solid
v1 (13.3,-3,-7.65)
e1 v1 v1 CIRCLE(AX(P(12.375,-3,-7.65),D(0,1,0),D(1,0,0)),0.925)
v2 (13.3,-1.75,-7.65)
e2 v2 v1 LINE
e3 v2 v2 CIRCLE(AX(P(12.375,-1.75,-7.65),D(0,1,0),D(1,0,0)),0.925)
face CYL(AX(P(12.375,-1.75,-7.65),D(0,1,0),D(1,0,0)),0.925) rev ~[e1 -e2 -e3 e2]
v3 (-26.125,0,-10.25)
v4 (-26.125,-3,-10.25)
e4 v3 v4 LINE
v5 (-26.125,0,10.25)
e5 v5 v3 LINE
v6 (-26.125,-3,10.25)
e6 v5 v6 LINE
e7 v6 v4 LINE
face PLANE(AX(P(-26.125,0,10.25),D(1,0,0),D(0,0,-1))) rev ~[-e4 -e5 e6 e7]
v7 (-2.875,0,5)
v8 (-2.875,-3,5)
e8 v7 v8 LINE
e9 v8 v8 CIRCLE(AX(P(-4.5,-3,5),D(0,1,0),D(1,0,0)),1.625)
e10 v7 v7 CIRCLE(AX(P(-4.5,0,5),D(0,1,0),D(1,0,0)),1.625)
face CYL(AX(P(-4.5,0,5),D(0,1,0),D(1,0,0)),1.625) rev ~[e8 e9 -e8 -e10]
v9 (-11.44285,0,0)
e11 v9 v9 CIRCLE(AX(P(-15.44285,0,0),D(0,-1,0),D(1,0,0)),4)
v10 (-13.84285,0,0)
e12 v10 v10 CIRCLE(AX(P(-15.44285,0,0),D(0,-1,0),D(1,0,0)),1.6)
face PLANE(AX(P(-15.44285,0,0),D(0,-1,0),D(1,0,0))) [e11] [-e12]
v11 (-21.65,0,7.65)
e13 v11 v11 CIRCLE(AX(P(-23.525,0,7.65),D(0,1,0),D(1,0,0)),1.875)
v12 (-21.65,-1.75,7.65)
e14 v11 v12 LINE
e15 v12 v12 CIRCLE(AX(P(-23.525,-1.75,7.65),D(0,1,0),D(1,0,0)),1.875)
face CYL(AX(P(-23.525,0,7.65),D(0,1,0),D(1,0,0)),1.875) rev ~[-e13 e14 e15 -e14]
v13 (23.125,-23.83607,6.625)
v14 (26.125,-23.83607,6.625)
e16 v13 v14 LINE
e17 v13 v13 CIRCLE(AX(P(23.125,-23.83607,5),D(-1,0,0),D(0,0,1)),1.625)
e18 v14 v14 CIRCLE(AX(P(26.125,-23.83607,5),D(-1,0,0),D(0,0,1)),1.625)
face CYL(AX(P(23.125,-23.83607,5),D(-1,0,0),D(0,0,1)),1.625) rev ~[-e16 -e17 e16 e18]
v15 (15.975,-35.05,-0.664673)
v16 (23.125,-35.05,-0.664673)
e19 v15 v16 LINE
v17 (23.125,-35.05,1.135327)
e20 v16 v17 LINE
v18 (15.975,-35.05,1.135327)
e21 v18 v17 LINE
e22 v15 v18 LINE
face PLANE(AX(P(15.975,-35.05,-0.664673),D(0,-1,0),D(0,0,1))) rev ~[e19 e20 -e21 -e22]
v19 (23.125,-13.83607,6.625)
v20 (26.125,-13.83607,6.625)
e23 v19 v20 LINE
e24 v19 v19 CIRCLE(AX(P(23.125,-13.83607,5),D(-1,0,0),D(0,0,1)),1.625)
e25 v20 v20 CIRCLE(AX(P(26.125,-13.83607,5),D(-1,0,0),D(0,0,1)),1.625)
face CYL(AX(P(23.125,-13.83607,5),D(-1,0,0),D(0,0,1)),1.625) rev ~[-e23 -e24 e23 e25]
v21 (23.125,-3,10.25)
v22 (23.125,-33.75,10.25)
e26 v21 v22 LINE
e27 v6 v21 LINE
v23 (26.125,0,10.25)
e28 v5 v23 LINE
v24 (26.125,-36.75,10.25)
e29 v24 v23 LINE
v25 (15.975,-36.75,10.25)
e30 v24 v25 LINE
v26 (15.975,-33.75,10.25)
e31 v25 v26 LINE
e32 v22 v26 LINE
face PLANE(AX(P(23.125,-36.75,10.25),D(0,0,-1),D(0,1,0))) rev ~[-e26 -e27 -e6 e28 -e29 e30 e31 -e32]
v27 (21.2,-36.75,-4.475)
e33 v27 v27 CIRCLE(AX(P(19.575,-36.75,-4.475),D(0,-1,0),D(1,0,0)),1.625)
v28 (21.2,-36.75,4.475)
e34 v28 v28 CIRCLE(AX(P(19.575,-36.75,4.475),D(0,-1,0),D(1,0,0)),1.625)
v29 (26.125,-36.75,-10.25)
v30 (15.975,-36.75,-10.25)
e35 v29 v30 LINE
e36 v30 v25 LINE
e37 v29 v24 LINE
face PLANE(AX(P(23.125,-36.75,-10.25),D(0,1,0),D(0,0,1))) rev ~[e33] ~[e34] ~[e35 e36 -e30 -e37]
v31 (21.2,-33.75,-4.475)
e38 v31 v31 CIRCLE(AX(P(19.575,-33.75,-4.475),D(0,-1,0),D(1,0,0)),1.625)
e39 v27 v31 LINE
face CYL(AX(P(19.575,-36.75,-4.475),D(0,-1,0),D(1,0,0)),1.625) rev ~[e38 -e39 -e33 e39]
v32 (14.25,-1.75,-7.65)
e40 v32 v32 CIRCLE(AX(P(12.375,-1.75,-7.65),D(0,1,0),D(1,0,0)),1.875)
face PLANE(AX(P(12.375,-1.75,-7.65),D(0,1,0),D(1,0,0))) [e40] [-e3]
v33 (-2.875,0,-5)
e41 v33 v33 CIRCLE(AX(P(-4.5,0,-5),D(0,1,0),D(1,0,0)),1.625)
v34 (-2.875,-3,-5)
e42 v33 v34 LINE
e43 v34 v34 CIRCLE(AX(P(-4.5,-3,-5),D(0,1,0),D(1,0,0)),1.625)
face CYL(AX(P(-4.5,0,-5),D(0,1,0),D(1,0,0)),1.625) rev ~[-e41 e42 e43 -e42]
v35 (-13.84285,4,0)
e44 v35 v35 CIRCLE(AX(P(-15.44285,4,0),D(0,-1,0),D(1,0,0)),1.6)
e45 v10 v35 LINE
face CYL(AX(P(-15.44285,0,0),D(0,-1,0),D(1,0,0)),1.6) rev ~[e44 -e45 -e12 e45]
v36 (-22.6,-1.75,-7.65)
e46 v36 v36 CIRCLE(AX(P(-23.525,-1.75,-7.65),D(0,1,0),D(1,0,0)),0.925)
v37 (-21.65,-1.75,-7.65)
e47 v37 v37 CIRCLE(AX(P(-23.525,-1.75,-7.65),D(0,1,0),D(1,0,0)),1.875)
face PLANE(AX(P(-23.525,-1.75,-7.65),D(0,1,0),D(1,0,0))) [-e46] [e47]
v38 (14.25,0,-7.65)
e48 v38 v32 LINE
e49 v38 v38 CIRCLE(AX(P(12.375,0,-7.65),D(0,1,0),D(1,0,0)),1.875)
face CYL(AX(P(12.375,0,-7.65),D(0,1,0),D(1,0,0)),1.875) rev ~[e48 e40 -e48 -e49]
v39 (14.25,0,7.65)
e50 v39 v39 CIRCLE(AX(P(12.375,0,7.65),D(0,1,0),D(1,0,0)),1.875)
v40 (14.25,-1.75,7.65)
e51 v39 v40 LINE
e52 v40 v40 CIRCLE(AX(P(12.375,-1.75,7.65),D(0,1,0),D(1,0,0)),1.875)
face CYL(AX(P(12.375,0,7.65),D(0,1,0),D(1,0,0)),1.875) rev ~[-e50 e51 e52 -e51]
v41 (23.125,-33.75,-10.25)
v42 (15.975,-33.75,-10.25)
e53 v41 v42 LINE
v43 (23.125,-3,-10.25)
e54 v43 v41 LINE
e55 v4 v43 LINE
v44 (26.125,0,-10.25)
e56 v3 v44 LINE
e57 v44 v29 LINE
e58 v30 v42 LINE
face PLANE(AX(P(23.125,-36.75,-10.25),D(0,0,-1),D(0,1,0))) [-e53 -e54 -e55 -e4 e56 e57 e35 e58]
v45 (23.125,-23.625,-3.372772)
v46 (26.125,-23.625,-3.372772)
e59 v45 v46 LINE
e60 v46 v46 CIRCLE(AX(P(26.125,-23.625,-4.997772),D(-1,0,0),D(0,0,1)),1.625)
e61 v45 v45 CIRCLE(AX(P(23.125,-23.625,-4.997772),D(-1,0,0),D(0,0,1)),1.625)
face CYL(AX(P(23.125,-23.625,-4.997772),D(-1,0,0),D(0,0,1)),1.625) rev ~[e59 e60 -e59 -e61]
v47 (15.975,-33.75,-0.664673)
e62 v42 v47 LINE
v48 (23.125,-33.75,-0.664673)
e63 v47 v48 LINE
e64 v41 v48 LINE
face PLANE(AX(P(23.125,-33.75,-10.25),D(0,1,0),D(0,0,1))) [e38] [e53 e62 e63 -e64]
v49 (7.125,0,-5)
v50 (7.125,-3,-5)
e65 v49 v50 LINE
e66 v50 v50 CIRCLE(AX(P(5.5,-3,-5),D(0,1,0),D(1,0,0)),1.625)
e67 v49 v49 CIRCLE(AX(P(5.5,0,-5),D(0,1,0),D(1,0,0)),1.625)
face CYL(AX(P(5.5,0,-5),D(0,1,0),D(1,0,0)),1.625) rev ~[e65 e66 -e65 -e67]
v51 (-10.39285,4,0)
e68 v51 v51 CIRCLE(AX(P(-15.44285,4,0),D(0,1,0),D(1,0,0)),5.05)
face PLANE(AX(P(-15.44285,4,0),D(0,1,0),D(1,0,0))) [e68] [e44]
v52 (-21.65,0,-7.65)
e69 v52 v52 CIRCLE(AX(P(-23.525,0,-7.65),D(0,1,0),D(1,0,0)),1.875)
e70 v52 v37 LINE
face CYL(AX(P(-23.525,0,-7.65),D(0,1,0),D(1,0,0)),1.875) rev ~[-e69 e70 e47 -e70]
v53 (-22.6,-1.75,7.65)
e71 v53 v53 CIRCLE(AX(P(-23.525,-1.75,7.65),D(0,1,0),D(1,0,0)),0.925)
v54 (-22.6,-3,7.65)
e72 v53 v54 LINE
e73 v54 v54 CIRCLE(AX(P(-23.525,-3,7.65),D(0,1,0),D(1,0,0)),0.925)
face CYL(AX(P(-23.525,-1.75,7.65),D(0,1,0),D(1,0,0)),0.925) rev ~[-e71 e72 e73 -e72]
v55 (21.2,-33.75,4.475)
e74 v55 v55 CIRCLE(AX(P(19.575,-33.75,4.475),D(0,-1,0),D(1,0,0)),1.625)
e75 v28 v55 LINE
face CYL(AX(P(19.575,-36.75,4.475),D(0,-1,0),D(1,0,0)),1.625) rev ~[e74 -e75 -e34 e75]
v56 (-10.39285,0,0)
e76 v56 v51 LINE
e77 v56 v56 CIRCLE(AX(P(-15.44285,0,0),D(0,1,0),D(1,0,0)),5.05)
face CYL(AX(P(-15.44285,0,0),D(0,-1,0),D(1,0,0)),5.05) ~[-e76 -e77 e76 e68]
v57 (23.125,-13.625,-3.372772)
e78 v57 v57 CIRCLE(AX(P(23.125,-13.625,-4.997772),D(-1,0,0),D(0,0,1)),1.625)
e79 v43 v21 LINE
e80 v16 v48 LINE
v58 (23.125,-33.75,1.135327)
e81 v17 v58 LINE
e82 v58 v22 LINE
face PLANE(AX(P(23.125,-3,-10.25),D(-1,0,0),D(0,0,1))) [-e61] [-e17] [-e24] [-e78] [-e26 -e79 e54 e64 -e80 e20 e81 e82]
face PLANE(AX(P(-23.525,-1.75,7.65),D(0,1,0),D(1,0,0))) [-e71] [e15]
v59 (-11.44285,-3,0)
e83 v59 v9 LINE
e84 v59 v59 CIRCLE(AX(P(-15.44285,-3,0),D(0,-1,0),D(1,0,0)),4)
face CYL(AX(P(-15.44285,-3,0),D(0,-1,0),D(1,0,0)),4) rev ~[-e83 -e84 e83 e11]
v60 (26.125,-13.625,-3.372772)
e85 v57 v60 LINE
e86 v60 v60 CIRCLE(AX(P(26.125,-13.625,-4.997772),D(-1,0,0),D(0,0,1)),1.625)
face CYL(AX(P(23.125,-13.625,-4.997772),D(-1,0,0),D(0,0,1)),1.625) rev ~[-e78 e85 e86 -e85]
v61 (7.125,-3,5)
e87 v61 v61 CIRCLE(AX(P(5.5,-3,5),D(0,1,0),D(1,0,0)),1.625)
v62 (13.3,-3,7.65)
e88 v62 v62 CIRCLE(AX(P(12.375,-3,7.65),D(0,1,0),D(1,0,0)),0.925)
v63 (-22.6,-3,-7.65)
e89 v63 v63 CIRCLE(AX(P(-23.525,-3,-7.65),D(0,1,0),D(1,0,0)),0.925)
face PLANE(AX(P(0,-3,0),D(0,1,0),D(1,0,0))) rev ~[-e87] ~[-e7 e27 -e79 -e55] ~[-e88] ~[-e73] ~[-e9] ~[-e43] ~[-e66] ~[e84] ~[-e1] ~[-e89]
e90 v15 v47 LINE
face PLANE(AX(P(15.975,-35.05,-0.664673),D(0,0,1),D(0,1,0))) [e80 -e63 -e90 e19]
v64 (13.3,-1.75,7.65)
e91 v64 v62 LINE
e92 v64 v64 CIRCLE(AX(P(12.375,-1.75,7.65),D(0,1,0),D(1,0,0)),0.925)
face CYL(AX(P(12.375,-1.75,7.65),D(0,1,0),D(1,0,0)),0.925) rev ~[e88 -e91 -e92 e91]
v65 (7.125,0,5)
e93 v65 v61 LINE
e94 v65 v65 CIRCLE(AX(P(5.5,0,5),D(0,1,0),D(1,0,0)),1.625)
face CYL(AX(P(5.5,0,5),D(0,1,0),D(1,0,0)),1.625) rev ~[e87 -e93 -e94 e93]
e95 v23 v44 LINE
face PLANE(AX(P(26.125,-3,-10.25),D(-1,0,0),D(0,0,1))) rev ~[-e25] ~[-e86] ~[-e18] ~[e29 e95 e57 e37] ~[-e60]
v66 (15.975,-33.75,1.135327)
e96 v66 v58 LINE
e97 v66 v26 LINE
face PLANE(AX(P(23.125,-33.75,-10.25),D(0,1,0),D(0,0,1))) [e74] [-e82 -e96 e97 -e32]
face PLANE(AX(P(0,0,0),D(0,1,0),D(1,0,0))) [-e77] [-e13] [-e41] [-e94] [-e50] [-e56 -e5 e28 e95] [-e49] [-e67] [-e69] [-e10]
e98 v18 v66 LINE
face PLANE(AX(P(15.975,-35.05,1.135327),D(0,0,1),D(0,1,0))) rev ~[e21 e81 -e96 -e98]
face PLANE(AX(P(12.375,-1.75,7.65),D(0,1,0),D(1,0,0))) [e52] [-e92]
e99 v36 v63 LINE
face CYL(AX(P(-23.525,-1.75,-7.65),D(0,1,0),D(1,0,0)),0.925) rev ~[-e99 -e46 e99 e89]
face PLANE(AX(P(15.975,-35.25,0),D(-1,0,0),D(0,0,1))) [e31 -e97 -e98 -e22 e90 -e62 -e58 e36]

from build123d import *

# Parameters (mm, degrees)
SKETCH1_W           = 52.25
SKETCH1_H           = 20.5
BOSS_EXTRUDE1_DEPTH = 3
SKETCH2_W           = 3
SKETCH2_H           = 20.5
BOSS_EXTRUDE2_DEPTH = 33.75
SKETCH3_W           = 20.5
SKETCH3_H           = 3
BOSS_EXTRUDE3_DEPTH = 7.15
SKETCH4_R           = 1.625
CUT_EXTRUDE1_DEPTH  = 3
SKETCH5_W           = 1.8
SKETCH5_H           = 1.3
CUT_EXTRUDE2_DEPTH  = 7.15
SKETCH6_R           = 1.625
CUT_EXTRUDE3_DEPTH  = 3
SKETCH7_R           = 1.625
CUT_EXTRUDE4_DEPTH  = 3
SKETCH8_R           = 1.875
CUT_EXTRUDE5_DEPTH  = 1.75
SKETCH9_R           = 0.925
CUT_EXTRUDE6_DEPTH  = 1.25
SKETCH12_R          = 5.05
BOSS_EXTRUDE4_DEPTH = 4
SKETCH11_R          = 4
CUT_EXTRUDE7_DEPTH  = 3
SKETCH13_R          = 1.6
CUT_EXTRUDE8_DEPTH  = 4


with BuildPart() as part:
    # Sketch1 → Boss-Extrude1 (new body)
    with BuildSketch(Plane(origin=(0, 0, 0), x_dir=(1, 0, 0), z_dir=(0, 1, 0))):
        Rectangle(SKETCH1_W, SKETCH1_H)
    extrude(amount=-BOSS_EXTRUDE1_DEPTH)

    # Sketch2 → Boss-Extrude2 (add)
    with BuildSketch(Plane.XZ.offset(3)):
        with Locations((24.625, 0)):
            Rectangle(SKETCH2_W, SKETCH2_H)
    extrude(amount=BOSS_EXTRUDE2_DEPTH)

    # Sketch3 → Boss-Extrude3 (add)
    with BuildSketch(Plane.ZY.offset(-23.125)):
        with Locations((0, -35.25)):
            Rectangle(SKETCH3_W, SKETCH3_H)
    extrude(amount=BOSS_EXTRUDE3_DEPTH)

    # Sketch4 → Cut-Extrude1 (cut)
    with BuildSketch(Plane.XZ.offset(36.75)):
        with Locations((19.575, 4.475)):
            Circle(SKETCH4_R)
        with Locations((19.575, -4.475)):
            Circle(SKETCH4_R)
    extrude(amount=-CUT_EXTRUDE1_DEPTH, mode=Mode.SUBTRACT)

    # Sketch5 → Cut-Extrude2 (cut)
    with BuildSketch(Plane.ZY.offset(-15.975)):
        with Locations((0.235327499, -34.4)):
            Rectangle(SKETCH5_W, SKETCH5_H)
    extrude(amount=-CUT_EXTRUDE2_DEPTH, mode=Mode.SUBTRACT)

    # Sketch6 → Cut-Extrude3 (cut)
    with BuildSketch(Plane.ZY.offset(-23.125)):
        with Locations((-4.997772224, -13.625)):
            Circle(SKETCH6_R)
        with Locations((-4.997772224, -23.625)):
            Circle(SKETCH6_R)
        with Locations((5, -23.836070013)):
            Circle(SKETCH6_R)
        with Locations((5, -13.836070013)):
            Circle(SKETCH6_R)
    extrude(amount=-CUT_EXTRUDE3_DEPTH, mode=Mode.SUBTRACT)

    # Sketch7 → Cut-Extrude4 (cut)
    with BuildSketch(Plane(origin=(0, 0, 0), x_dir=(1, 0, 0), z_dir=(0, 1, 0))):
        with Locations((-4.5, 5)):
            Circle(SKETCH7_R)
        with Locations((-4.5, -5)):
            Circle(SKETCH7_R)
        with Locations((5.5, 5)):
            Circle(SKETCH7_R)
        with Locations((5.5, -5)):
            Circle(SKETCH7_R)
    extrude(amount=-CUT_EXTRUDE4_DEPTH, mode=Mode.SUBTRACT)

    # Sketch8 → Cut-Extrude5 (cut)
    with BuildSketch(Plane(origin=(0, 0, 0), x_dir=(1, 0, 0), z_dir=(0, 1, 0))):
        with Locations((-23.525, 7.65)):
            Circle(SKETCH8_R)
        with Locations((-23.525, -7.65)):
            Circle(SKETCH8_R)
        with Locations((12.375, 7.65)):
            Circle(SKETCH8_R)
        with Locations((12.375, -7.65)):
            Circle(SKETCH8_R)
    extrude(amount=-CUT_EXTRUDE5_DEPTH, mode=Mode.SUBTRACT)

    # Sketch9 → Cut-Extrude6 (cut)
    with BuildSketch(Plane(origin=(0, -1.75, 0), x_dir=(1, 0, 0), z_dir=(0, 1, 0))):
        with Locations((-23.525, 7.65)):
            Circle(SKETCH9_R)
        with Locations((-23.525, -7.65)):
            Circle(SKETCH9_R)
        with Locations((12.375, -7.65)):
            Circle(SKETCH9_R)
        with Locations((12.375, 7.65)):
            Circle(SKETCH9_R)
    extrude(amount=-CUT_EXTRUDE6_DEPTH, mode=Mode.SUBTRACT)

    # Sketch12 → Boss-Extrude4 (add)
    with BuildSketch(Plane(origin=(0, 0, 0), x_dir=(1, 0, 0), z_dir=(0, 1, 0))):
        with Locations((-15.442849896, 0)):
            Circle(SKETCH12_R)
    extrude(amount=BOSS_EXTRUDE4_DEPTH)

    # Sketch11 → Cut-Extrude7 (cut)
    with BuildSketch(Plane.XZ.offset(3)):
        with Locations((-15.442849896, 0)):
            Circle(SKETCH11_R)
    extrude(amount=-CUT_EXTRUDE7_DEPTH, mode=Mode.SUBTRACT)

    # Sketch13 → Cut-Extrude8 (cut)
    with BuildSketch(Plane.XZ):
        with Locations((-15.442849896, 0)):
            Circle(SKETCH13_R)
    extrude(amount=-CUT_EXTRUDE8_DEPTH, mode=Mode.SUBTRACT)


solid = part.part
